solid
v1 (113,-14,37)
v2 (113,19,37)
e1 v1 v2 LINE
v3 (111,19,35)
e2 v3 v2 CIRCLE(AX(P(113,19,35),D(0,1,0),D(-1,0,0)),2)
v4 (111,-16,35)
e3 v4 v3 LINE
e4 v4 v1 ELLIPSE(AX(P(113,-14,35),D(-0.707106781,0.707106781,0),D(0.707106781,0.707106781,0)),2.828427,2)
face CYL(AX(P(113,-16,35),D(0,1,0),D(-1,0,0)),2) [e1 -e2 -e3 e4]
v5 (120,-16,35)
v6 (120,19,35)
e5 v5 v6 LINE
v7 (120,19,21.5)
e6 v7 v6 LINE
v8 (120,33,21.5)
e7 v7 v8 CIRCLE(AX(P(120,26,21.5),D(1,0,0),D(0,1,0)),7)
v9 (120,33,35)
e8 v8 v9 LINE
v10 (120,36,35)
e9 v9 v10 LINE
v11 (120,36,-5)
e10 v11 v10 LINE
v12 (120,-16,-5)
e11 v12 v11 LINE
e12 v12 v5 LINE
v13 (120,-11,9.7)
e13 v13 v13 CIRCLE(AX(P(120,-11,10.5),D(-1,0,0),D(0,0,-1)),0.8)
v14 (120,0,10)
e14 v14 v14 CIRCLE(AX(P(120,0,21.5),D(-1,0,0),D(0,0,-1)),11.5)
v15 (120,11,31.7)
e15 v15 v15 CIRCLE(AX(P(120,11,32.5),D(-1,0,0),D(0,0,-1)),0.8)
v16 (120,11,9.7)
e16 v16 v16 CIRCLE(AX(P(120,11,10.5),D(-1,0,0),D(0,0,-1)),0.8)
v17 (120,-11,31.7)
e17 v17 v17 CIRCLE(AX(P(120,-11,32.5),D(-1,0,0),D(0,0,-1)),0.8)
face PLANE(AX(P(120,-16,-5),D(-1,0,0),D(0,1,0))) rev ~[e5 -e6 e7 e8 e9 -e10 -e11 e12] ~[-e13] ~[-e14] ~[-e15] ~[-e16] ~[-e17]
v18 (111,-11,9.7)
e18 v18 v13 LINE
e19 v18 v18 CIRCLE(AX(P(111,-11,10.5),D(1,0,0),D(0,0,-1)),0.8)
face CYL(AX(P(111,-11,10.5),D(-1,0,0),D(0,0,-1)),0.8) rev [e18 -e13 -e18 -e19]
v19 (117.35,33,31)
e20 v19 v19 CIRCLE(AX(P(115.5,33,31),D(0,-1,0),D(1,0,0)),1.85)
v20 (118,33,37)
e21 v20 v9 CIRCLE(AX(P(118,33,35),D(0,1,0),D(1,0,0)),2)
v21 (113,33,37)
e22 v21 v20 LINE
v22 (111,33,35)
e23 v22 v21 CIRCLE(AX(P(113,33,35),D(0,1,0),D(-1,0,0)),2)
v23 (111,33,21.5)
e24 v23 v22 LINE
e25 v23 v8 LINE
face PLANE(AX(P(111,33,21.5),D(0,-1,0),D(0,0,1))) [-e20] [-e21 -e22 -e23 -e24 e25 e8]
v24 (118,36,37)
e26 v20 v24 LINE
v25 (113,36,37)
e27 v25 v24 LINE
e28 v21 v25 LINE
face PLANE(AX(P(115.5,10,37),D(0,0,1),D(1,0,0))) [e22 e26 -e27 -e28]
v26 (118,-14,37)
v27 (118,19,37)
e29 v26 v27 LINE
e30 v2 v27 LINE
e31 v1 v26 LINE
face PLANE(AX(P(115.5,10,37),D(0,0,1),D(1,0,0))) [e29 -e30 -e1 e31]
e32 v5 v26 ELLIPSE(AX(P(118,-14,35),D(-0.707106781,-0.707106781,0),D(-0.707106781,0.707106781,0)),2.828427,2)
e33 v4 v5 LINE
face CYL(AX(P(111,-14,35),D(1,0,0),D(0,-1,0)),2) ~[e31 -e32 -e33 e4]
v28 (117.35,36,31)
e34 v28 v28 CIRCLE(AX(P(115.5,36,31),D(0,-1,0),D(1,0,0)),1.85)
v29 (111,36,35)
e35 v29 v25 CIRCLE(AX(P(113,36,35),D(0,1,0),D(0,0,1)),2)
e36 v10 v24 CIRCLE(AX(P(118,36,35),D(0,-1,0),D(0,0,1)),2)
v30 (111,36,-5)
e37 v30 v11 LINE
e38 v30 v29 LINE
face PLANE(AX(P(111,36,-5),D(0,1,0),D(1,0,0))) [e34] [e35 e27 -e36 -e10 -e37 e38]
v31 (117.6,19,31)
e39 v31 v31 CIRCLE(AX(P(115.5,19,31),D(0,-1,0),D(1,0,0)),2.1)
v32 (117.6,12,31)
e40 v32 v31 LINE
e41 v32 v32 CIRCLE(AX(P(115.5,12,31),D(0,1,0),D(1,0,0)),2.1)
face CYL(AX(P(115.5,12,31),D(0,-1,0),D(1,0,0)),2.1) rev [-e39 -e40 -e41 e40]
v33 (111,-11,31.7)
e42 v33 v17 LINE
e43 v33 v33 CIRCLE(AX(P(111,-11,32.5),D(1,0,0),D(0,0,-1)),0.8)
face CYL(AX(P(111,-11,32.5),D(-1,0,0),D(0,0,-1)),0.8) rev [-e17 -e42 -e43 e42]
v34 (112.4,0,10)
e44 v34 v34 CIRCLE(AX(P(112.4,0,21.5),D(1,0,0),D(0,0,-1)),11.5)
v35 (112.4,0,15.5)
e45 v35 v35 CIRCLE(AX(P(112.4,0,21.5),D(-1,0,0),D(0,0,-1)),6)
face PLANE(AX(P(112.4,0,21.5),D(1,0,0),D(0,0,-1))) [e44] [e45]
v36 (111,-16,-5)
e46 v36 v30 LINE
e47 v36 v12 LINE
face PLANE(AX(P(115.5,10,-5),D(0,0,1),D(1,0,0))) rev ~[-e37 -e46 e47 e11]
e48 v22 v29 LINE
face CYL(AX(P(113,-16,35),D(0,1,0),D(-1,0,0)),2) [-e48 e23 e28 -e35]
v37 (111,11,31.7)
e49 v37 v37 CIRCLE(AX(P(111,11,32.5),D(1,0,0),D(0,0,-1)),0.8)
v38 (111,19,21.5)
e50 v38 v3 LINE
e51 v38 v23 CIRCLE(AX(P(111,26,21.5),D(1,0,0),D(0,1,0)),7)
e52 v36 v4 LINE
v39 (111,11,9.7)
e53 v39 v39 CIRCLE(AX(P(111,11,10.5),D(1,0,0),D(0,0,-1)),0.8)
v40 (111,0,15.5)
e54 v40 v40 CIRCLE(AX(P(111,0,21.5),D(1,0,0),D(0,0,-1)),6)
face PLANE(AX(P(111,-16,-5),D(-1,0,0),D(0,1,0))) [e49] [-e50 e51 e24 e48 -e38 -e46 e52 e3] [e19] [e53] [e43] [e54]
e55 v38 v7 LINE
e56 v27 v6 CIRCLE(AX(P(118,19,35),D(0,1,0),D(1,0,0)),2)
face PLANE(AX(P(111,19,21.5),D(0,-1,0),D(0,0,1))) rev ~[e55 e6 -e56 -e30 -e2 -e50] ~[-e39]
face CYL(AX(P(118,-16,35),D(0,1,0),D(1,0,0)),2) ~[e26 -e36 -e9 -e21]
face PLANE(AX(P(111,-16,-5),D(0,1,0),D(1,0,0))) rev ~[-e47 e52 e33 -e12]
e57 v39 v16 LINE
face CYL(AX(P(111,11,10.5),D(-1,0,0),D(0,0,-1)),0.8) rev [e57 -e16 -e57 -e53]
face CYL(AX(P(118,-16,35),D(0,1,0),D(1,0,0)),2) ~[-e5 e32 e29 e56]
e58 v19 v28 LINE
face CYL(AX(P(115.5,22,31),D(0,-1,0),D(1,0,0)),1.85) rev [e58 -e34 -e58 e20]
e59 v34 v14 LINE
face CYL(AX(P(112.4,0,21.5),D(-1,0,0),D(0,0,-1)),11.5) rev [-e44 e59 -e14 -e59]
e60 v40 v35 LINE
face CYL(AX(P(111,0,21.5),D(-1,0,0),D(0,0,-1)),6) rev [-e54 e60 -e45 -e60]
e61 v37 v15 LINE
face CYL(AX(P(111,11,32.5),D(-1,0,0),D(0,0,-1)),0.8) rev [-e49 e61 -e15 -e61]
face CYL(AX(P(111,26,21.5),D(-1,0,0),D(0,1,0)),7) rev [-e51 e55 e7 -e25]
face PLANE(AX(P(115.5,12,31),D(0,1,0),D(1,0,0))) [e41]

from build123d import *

# Parameters (mm, degrees)
CYLINDER100_R               = 6
CYLINDER100_DEPTH           = 9
CYLINDER020_R               = 0.8
CYLINDER020_DEPTH           = 20
ARRAY001006_X_COUNT         = 2
ARRAY001006_X_PITCH         = 22
ARRAY001006_Y_COUNT         = 2
ARRAY001006_Y_PITCH         = 22
ARRAY001006_PLACEMENT_ANGLE = 90
CYLINDER101_R               = 7
CYLINDER101_DEPTH           = 9
BOX008_W                    = 14
BOX008_H                    = 50
BOX008_DEPTH                = 9
FUSION008_ROLL_ANGLE        = 90
FUSION008_PLACEMENT_ANGLE   = 90
CYLINDER106_R               = 2.1
CYLINDER106_DEPTH           = 10
CYLINDER105_R               = 1.85
CYLINDER105_DEPTH           = 20
FUSION009_PLACEMENT_ANGLE   = 90
CYLINDER099_R               = 11.5
CYLINDER099_DEPTH           = 9
BOX_W                       = 9
BOX_H                       = 52
BOX_DEPTH                   = 42
FILLET_R                    = 2


with BuildPart() as lead_hole:
    # Cylinder100 → Cylinder100 (new body)
    with BuildSketch(Plane(origin=(111, 0, 21.5), x_dir=(0, 0, -1), z_dir=(1, 0, 0))):
        Circle(CYLINDER100_R)
    extrude(amount=CYLINDER100_DEPTH)


with BuildPart() as lead_holder_hole_array001:
    # Cylinder020 → Cylinder020 (new body)
    with BuildSketch(Plane.XY):
        Circle(CYLINDER020_R)
    extrude(amount=CYLINDER020_DEPTH)

    # Array001006 X: lead holder hole array001 ×2


with BuildPart() as lead_holder_hole_array001_1:
    add(lead_holder_hole_array001.part)
    with Locations(*[(i * ARRAY001006_X_PITCH, 0, 0) for i in range(1, ARRAY001006_X_COUNT)]):
        add(lead_holder_hole_array001.part)

    # Array001006 Y: lead holder hole array001 ×2


with BuildPart() as lead_holder_hole_array001_2:
    add(lead_holder_hole_array001_1.part)
    with Locations(*[(0, i * ARRAY001006_Y_PITCH, 0) for i in range(1, ARRAY001006_Y_COUNT)]):
        add(lead_holder_hole_array001_1.part)


with BuildPart() as lead_holder_hole_array001_3:
    # Array001006 placement: moved
    add(lead_holder_hole_array001_2.part.moved(Location((111, -11, 32.5))).rotate(Axis((111, -11, 32.5), (0, 1, 0)), ARRAY001006_PLACEMENT_ANGLE))


with BuildPart() as syringe_hole:
    # Cylinder101 → Cylinder101 (new body)
    with BuildSketch(Plane.XY):
        Circle(CYLINDER101_R)
    extrude(amount=CYLINDER101_DEPTH)


with BuildPart() as syringe_hole_fusion:
    # Box008 → Box008 (new body)
    with BuildSketch(Plane(origin=(-7, 0, 0), x_dir=(1, 0, 0), z_dir=(0, 0, 1))):
        with Locations((7, 25)):
            Rectangle(BOX008_W, BOX008_H)
    extrude(amount=BOX008_DEPTH)

    # Fusion008: union syringe_hole
    add(syringe_hole.part)


with BuildPart() as syringe_hole_fusion_1:
    # Fusion008 roll: moved
    add(syringe_hole_fusion.part.rotate(Axis((0, 0, 0), (1, 0, 0)), FUSION008_ROLL_ANGLE))


with BuildPart() as syringe_hole_fusion_2:
    # Fusion008 placement: moved
    add(syringe_hole_fusion_1.part.moved(Location((111, 26, 21.5))).rotate(Axis((111, 26, 21.5), (0, 0, 1)), FUSION008_PLACEMENT_ANGLE))


with BuildPart() as insert_hole001:
    # Cylinder106 → Cylinder106 (new body)
    with BuildSketch(Plane.XY):
        Circle(CYLINDER106_R)
    extrude(amount=CYLINDER106_DEPTH)


with BuildPart() as bolt_insert_hole_fusion:
    # Cylinder105 → Cylinder105 (new body)
    with BuildSketch(Plane.XY.offset(10)):
        Circle(CYLINDER105_R)
    extrude(amount=CYLINDER105_DEPTH)

    # Fusion009: union insert hole001
    add(insert_hole001.part)


with BuildPart() as bolt_insert_hole_fusion_1:
    # Fusion009 placement: moved
    add(bolt_insert_hole_fusion.part.moved(Location((115.5, 12, 31))).rotate(Axis((115.5, 12, 31), (-1, 0, 0)), FUSION009_PLACEMENT_ANGLE))


with BuildPart() as bearing_hole_fusion:
    # Cylinder099 → Cylinder099 (new body)
    with BuildSketch(Plane(origin=(112.4, 0, 21.5), x_dir=(0, 0, -1), z_dir=(1, 0, 0))):
        Circle(CYLINDER099_R)
    extrude(amount=CYLINDER099_DEPTH)

    # Fusion: union lead hole, lead holder hole array001, syringe hole fusion, bolt insert hole fusion
    add(lead_hole.part)
    add(lead_holder_hole_array001_3.part)
    add(syringe_hole_fusion_2.part)
    add(bolt_insert_hole_fusion_1.part)


with BuildPart() as bearing_wall_cut:
    # Box → Box (new body)
    with BuildSketch(Plane(origin=(0, -16, -5), x_dir=(1, 0, 0), z_dir=(0, 0, 1))):
        with Locations((4.5, 26)):
            Rectangle(BOX_W, BOX_H)
    extrude(amount=BOX_DEPTH)

    # Fillet
    fillet_edges = [bearing_wall_cut.edges().sort_by_distance(p)[0] for p in [
        (0, 10, 37),
        (9, 10, 37),
        (4.5, -16, 37),
    ]]
    fillet(fillet_edges, radius=FILLET_R)


with BuildPart() as bearing_wall_cut_1:
    # Compound placement: moved
    add(bearing_wall_cut.part.moved(Location((111, 0, 0))))

    # Cut: cut bearing hole fusion
    add(bearing_hole_fusion.part, mode=Mode.SUBTRACT)


solid = bearing_wall_cut_1.part
